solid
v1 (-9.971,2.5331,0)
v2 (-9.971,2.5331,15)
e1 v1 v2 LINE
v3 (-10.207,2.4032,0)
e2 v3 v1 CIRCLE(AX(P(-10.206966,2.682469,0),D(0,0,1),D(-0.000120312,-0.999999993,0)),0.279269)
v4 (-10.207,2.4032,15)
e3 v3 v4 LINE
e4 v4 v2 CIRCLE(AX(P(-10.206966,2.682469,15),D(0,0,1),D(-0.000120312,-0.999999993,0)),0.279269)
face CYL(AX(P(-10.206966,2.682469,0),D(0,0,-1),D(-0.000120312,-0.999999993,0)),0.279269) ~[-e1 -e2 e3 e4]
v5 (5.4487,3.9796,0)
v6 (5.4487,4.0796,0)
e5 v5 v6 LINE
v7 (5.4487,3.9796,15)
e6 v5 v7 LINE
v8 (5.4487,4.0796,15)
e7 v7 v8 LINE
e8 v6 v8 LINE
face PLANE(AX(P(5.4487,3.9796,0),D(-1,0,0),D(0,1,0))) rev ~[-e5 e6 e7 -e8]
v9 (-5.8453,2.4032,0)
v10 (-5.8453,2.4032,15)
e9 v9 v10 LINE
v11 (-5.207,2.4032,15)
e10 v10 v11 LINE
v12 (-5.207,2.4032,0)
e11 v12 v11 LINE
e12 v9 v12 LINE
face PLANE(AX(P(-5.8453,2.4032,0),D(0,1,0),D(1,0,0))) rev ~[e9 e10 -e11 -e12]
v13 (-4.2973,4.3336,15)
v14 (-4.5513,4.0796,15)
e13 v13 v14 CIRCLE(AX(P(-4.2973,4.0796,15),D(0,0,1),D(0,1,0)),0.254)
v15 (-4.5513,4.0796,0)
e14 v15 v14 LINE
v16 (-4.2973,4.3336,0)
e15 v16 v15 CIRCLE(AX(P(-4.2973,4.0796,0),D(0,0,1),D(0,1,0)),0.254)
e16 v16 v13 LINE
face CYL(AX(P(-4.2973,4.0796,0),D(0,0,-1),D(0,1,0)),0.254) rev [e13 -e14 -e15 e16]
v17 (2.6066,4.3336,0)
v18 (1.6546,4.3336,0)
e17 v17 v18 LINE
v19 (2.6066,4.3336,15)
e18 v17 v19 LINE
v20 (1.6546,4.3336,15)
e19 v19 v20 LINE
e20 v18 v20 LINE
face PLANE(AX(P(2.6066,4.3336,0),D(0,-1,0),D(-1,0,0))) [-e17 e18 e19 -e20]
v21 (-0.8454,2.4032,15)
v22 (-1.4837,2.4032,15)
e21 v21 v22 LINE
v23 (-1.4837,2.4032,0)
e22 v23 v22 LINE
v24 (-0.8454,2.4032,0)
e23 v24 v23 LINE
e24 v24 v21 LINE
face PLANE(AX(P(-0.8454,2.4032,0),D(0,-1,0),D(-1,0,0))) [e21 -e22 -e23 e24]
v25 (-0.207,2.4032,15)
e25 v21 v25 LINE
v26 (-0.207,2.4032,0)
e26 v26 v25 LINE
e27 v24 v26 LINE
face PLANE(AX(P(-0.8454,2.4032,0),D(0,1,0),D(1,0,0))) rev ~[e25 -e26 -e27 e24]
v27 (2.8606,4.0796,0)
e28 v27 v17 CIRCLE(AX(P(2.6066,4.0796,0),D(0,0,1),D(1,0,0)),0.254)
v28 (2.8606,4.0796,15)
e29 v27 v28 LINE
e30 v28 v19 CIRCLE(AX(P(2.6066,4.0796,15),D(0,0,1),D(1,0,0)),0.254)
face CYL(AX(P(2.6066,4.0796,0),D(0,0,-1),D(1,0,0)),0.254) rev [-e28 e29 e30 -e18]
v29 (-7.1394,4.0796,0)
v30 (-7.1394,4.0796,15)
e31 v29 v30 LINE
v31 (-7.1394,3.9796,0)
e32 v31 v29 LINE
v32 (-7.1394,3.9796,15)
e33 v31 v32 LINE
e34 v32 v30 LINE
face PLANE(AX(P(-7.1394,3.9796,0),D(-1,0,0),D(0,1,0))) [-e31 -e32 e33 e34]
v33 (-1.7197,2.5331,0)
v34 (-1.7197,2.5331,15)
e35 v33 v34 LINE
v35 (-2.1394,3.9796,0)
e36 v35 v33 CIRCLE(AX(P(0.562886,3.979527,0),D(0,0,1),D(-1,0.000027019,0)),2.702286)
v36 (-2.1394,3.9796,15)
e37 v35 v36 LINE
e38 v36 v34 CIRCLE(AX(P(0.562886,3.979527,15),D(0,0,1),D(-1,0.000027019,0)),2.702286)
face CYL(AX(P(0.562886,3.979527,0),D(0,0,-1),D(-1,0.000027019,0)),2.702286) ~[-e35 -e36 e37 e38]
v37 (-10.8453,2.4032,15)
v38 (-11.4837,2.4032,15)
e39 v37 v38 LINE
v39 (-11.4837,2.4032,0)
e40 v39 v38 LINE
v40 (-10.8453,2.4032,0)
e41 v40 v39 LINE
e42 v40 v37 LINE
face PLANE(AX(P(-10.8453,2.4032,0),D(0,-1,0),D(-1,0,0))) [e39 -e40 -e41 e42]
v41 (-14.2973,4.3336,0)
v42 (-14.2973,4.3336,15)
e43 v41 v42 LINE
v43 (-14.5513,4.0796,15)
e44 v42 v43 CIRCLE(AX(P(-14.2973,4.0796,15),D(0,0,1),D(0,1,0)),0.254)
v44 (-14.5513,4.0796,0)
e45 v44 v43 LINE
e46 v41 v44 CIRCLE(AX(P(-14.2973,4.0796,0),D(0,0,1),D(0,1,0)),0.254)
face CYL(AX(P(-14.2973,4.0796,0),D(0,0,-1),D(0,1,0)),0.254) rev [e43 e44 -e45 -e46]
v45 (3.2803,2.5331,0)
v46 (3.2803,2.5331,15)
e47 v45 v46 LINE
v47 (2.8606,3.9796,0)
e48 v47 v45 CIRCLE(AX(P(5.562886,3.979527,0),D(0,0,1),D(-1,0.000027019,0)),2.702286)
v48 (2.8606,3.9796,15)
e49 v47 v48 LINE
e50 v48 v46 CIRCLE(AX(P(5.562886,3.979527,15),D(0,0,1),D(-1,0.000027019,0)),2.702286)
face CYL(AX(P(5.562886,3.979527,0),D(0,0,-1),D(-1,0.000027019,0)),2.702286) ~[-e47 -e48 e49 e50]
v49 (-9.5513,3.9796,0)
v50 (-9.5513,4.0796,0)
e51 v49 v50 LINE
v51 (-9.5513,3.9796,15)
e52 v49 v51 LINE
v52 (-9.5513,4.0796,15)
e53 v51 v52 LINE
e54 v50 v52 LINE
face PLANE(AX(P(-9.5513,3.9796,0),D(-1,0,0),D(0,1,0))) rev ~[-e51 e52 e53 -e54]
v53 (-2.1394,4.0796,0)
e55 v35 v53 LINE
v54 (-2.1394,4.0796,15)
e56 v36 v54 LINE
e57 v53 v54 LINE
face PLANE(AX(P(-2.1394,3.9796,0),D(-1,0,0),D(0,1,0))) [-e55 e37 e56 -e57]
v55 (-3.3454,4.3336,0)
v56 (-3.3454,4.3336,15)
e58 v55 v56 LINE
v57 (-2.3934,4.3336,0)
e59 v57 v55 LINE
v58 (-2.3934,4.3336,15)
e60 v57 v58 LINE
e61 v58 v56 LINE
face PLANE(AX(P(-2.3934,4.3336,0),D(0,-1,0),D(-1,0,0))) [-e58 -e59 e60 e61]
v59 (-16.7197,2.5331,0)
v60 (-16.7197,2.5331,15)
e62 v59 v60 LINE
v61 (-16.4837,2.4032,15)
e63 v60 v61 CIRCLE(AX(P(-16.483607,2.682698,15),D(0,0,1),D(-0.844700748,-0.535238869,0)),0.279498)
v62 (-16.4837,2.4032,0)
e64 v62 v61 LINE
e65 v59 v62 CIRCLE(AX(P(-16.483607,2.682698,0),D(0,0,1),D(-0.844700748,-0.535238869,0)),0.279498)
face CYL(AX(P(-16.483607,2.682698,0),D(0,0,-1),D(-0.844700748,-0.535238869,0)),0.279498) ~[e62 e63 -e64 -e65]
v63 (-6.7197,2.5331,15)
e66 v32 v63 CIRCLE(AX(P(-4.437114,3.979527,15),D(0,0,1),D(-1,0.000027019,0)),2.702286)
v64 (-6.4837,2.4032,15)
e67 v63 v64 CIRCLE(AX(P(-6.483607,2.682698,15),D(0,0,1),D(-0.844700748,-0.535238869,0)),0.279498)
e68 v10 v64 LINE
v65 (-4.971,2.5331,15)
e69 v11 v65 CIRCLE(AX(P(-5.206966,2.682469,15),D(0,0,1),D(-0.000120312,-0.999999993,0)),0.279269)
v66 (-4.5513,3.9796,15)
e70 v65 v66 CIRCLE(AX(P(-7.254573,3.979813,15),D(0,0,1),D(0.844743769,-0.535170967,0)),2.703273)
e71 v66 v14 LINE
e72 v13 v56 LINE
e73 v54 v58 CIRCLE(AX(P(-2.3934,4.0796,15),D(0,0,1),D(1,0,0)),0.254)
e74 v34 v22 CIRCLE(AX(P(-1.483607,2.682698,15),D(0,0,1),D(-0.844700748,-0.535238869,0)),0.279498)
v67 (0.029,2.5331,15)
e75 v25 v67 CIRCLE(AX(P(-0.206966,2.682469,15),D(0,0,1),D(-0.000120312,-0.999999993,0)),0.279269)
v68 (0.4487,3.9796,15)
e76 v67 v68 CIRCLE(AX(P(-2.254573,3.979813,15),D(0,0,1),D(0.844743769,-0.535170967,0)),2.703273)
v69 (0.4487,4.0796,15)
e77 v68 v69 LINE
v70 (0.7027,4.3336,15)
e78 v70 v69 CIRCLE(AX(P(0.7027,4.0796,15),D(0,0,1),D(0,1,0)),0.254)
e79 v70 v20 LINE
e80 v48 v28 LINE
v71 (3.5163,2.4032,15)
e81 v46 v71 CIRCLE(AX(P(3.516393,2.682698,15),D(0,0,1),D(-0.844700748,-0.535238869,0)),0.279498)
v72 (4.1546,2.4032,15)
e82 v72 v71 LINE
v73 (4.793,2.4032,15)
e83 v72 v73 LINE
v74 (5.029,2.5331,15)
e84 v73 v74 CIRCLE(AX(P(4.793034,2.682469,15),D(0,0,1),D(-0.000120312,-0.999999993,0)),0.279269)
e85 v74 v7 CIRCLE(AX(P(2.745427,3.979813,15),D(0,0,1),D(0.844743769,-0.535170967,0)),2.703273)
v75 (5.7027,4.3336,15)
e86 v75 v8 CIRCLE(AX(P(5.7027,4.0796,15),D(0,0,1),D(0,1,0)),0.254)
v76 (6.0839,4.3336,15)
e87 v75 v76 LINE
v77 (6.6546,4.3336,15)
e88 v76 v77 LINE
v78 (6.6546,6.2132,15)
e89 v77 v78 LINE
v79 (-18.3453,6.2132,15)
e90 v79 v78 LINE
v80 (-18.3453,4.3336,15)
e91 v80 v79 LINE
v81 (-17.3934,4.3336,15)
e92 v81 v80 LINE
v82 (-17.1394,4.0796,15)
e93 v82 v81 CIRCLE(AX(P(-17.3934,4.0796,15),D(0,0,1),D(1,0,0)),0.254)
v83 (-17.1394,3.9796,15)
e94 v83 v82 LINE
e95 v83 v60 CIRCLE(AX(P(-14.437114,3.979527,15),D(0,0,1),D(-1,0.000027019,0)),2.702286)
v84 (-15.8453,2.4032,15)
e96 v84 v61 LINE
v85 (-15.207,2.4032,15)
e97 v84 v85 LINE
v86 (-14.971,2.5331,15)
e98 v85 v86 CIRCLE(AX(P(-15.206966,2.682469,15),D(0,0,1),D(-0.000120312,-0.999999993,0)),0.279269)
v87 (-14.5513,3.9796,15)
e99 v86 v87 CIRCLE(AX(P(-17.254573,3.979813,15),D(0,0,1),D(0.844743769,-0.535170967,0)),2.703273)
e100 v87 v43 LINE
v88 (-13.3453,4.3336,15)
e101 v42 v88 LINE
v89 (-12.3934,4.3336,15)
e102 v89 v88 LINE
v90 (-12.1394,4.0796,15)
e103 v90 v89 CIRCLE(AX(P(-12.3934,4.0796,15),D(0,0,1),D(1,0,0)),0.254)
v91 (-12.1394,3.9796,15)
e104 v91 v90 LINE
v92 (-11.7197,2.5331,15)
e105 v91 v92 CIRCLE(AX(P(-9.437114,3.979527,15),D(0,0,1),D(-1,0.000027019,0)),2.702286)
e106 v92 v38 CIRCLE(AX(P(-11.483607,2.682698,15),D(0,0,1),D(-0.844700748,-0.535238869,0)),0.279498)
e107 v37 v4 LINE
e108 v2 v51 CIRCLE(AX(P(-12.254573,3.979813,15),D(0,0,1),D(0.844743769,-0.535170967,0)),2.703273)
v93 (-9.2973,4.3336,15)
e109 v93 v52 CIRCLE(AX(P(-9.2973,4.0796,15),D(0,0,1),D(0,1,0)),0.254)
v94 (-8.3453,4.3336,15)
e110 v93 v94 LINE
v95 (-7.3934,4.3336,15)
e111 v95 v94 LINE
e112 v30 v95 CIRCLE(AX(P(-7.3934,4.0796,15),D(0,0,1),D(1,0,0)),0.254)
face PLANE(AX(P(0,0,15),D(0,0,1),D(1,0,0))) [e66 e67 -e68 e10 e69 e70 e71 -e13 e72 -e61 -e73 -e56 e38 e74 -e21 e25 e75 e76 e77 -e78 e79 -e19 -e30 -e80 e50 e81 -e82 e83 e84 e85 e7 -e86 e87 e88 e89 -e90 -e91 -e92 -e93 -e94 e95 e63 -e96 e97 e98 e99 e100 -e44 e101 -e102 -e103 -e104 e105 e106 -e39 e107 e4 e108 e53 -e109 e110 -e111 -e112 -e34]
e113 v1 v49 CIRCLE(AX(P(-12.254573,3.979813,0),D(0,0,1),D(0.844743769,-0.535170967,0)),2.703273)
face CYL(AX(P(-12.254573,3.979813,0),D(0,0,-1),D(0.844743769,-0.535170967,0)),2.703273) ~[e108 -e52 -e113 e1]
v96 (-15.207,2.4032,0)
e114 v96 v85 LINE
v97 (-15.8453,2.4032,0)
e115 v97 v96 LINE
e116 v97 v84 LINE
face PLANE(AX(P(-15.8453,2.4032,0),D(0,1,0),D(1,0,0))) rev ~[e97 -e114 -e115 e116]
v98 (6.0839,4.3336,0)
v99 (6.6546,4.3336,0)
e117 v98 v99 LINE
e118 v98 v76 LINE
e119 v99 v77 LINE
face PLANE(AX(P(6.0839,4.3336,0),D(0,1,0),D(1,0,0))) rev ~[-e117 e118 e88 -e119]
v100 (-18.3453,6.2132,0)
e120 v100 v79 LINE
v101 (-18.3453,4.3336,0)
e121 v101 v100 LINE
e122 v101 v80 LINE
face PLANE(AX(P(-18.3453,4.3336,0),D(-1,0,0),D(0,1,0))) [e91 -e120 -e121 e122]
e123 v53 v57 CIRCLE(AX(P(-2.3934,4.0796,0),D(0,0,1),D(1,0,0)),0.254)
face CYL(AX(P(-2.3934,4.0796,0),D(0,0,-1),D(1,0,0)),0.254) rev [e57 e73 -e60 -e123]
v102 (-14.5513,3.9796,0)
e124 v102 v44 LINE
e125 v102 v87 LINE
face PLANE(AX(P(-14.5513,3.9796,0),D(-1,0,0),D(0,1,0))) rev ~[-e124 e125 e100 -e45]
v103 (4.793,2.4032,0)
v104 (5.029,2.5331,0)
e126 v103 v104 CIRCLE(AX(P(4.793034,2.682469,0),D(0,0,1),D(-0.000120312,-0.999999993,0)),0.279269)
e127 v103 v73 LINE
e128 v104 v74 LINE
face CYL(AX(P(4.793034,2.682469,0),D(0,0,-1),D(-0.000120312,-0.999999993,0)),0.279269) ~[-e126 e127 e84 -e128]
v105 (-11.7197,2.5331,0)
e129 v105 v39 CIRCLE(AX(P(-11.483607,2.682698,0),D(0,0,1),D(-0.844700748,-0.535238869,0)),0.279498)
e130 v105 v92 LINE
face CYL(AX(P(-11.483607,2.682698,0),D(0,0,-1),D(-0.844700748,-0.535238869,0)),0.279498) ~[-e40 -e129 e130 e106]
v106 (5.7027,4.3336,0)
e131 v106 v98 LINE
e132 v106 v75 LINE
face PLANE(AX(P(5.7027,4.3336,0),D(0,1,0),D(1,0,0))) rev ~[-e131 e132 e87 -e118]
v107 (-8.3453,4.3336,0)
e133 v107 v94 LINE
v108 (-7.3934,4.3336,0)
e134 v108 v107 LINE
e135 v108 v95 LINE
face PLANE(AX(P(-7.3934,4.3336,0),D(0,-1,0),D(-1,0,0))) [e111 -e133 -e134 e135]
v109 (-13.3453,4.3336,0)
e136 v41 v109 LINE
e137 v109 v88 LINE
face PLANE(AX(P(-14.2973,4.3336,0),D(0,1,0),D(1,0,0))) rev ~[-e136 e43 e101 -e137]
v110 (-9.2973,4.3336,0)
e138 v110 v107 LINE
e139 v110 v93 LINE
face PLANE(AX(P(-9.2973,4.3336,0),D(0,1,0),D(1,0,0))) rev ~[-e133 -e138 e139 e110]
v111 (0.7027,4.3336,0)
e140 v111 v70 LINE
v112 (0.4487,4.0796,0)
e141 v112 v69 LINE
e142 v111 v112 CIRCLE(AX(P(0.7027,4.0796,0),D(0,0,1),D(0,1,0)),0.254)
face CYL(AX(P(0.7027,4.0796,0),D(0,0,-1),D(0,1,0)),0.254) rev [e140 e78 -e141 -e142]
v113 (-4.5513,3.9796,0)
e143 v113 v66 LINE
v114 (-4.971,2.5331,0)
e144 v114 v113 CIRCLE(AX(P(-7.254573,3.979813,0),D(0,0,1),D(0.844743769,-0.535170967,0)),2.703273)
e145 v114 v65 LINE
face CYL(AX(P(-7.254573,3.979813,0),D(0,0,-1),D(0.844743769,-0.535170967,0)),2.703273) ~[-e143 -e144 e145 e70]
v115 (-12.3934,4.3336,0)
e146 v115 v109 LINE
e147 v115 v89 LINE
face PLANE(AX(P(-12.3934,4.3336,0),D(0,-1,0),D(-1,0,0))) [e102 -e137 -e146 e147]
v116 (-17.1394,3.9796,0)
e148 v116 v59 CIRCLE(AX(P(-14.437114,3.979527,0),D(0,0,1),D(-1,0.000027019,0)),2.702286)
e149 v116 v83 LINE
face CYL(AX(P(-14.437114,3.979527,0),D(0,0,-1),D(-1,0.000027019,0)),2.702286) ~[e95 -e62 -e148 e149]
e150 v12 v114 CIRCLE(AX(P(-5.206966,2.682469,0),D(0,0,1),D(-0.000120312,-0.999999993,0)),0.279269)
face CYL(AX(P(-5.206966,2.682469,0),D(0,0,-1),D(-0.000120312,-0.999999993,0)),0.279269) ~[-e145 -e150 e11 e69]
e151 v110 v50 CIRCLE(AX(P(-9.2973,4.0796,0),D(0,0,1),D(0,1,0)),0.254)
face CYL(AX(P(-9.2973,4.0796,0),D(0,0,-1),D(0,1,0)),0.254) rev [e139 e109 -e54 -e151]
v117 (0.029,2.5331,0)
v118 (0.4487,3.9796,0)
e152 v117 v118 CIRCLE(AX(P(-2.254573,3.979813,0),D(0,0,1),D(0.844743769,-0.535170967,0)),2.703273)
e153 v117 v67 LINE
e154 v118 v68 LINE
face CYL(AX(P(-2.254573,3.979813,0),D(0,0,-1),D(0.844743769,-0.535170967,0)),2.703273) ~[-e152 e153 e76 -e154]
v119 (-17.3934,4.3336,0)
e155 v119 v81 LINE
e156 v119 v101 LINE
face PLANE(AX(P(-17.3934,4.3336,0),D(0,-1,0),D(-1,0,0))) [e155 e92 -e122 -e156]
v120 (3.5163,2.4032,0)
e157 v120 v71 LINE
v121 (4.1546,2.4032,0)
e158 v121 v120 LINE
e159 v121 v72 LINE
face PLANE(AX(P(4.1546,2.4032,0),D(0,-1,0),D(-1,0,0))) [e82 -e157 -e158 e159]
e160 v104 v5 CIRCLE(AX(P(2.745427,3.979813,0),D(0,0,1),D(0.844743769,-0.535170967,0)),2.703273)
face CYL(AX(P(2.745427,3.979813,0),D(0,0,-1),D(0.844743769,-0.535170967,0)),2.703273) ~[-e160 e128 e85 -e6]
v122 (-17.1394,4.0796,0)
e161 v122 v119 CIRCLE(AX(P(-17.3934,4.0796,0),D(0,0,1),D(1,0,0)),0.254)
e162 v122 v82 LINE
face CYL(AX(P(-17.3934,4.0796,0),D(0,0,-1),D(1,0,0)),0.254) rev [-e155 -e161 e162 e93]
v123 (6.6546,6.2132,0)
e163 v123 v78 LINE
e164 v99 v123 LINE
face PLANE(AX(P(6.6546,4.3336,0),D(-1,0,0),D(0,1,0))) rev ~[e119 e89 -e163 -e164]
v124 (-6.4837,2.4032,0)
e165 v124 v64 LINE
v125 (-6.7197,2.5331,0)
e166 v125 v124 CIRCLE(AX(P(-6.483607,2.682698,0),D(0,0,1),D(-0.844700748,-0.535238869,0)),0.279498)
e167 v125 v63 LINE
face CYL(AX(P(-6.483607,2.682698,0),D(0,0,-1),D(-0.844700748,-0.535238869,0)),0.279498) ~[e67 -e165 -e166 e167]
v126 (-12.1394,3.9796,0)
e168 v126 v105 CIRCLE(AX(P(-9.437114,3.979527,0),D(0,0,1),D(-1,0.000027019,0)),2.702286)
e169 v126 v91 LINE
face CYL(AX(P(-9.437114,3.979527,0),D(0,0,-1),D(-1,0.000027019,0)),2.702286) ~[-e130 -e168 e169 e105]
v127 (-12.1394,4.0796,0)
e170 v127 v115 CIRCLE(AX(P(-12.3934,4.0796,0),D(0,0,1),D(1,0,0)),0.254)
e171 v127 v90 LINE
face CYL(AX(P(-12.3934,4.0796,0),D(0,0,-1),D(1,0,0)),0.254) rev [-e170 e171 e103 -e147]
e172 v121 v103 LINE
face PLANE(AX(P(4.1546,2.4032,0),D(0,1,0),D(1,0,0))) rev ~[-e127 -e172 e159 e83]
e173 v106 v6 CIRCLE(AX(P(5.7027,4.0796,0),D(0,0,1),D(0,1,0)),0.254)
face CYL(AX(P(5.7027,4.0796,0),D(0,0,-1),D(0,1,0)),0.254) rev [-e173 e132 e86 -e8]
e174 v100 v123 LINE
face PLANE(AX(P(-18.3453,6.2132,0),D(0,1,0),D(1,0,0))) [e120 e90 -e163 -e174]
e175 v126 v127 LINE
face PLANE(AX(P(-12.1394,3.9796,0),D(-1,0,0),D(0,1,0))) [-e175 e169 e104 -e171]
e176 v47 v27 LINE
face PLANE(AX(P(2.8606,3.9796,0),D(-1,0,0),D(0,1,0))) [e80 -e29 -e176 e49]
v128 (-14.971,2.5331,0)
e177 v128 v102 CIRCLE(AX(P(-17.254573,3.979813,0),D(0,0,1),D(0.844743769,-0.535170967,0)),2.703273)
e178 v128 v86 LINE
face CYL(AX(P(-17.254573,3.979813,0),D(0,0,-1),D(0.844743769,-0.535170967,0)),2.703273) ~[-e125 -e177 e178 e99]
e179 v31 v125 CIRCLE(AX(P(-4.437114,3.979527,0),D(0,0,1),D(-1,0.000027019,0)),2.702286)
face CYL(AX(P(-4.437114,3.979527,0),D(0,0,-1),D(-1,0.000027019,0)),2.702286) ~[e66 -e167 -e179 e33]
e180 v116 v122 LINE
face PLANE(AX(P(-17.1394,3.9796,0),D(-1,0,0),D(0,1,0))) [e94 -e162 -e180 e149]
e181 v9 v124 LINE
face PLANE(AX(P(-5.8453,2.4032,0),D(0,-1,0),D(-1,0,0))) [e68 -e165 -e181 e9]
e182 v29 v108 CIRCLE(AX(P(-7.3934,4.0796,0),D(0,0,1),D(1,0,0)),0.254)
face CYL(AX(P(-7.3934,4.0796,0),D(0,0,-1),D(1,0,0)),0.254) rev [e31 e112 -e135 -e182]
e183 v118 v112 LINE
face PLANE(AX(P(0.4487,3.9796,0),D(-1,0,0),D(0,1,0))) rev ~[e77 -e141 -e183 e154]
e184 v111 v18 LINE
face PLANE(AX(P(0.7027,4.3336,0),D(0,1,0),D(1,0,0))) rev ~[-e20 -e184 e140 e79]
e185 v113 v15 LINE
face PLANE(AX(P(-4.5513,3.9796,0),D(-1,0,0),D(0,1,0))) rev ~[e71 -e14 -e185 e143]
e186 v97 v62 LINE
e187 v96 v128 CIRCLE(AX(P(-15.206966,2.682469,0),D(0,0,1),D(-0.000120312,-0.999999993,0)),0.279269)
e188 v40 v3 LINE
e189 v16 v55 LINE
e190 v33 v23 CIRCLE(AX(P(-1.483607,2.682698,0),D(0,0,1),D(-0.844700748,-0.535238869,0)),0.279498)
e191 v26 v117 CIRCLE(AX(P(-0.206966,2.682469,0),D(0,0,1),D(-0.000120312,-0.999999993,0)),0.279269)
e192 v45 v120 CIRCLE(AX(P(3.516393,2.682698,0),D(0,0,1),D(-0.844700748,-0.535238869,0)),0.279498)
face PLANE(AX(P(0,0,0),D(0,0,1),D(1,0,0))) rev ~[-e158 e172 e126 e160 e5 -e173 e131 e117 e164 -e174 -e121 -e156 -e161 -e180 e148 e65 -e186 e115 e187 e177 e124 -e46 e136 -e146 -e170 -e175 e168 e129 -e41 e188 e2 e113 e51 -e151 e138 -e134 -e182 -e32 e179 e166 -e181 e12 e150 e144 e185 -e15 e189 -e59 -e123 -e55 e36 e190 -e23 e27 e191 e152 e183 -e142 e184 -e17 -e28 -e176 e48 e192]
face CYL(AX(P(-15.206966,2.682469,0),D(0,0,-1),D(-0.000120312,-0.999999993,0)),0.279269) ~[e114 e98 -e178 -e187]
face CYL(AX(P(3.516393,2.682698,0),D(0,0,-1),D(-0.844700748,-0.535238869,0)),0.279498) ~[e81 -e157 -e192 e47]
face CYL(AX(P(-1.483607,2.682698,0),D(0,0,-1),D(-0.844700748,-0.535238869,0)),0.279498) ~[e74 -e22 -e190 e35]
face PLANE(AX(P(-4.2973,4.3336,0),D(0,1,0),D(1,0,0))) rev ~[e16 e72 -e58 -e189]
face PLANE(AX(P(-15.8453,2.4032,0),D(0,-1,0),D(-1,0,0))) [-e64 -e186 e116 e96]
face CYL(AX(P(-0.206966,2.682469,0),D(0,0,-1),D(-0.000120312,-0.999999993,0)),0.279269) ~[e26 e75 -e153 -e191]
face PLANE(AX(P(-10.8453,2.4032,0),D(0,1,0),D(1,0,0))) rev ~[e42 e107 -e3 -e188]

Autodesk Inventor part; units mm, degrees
ref_plane "YZ Plane" through (0, 0, 0) normal (1, 0, 0) x (0, 1, 0)
ref_plane "XZ Plane" through (0, 0, 0) normal (0, 1, 0) x (-1, 0, 0)
ref_plane "XY Plane" through (0, 0, 0) normal (0, 0, 1) x (1, 0, 0)
sketch "Sketch1" plane through (0, 0, 0) normal (0, 0, 1) x (1, 0, 0)
  line L0 (-14.2973, 4.3336) -> (-13.3453, 4.3336)
  line L1 (-18.3453, 6.2132) -> (6.6546, 6.2132)
  arc A0 (-14.971, 2.5331) -> (-14.5513, 3.9796) centre (-17.2541, 3.9796) ccw
  arc A1 (-17.1394, 3.9796) -> (-16.7197, 2.5331) centre (-14.4366, 3.9796) ccw
  arc A2 (-15.207, 2.4032) -> (-14.971, 2.5331) centre (-15.207, 2.6826) ccw
  arc A3 (-16.7197, 2.5331) -> (-16.4837, 2.4032) centre (-16.4837, 2.6826) ccw
  line L2 (-15.8453, 2.4032) -> (-15.207, 2.4032)
  line L3 (-15.8453, 2.4032) -> (-16.4837, 2.4032)
  arc A4 (-14.2973, 4.3336) -> (-14.5513, 4.0796) centre (-14.2973, 4.0796) ccw
  arc A5 (-17.1394, 4.0796) -> (-17.3934, 4.3336) centre (-17.3934, 4.0796) ccw
  line L4 (-18.3453, 4.3336) -> (-18.3453, 6.2132)
  line L5 (-14.5513, 3.9796) -> (-14.5513, 4.0796)
  line L6 (-17.3934, 4.3336) -> (-18.3453, 4.3336)
  line L7 (-17.1394, 3.9796) -> (-17.1394, 4.0796)
  arc A6 (5.029, 2.5331) -> (5.4487, 3.9796) centre (2.7459, 3.9796) ccw
  arc A7 (2.8606, 3.9796) -> (3.2803, 2.5331) centre (5.5634, 3.9796) ccw
  arc A8 (0.029, 2.5331) -> (0.4487, 3.9796) centre (-2.2541, 3.9796) ccw
  arc A9 (-2.1394, 3.9796) -> (-1.7197, 2.5331) centre (0.5634, 3.9796) ccw
  arc A10 (-4.971, 2.5331) -> (-4.5513, 3.9796) centre (-7.2541, 3.9796) ccw
  arc A11 (-7.1394, 3.9796) -> (-6.7197, 2.5331) centre (-4.4366, 3.9796) ccw
  arc A12 (-9.971, 2.5331) -> (-9.5513, 3.9796) centre (-12.2541, 3.9796) ccw
  arc A13 (-12.1394, 3.9796) -> (-11.7197, 2.5331) centre (-9.4366, 3.9796) ccw
  arc A14 (-10.207, 2.4032) -> (-9.971, 2.5331) centre (-10.207, 2.6826) ccw
  line L8 (-10.8453, 2.4032) -> (-10.207, 2.4032)
  arc A15 (-11.7197, 2.5331) -> (-11.4837, 2.4032) centre (-11.4837, 2.6826) ccw
  line L9 (-10.8453, 2.4032) -> (-11.4837, 2.4032)
  arc A16 (-5.207, 2.4032) -> (-4.971, 2.5331) centre (-5.207, 2.6826) ccw
  line L10 (-5.8453, 2.4032) -> (-5.207, 2.4032)
  arc A17 (-6.7197, 2.5331) -> (-6.4837, 2.4032) centre (-6.4837, 2.6826) ccw
  line L11 (-5.8453, 2.4032) -> (-6.4837, 2.4032)
  arc A18 (-0.207, 2.4032) -> (0.029, 2.5331) centre (-0.207, 2.6826) ccw
  line L12 (-0.8454, 2.4032) -> (-0.207, 2.4032)
  arc A19 (-1.7197, 2.5331) -> (-1.4837, 2.4032) centre (-1.4837, 2.6826) ccw
  line L13 (-0.8454, 2.4032) -> (-1.4837, 2.4032)
  arc A20 (4.793, 2.4032) -> (5.029, 2.5331) centre (4.793, 2.6826) ccw
  line L14 (4.1546, 2.4032) -> (4.793, 2.4032)
  arc A21 (3.2803, 2.5331) -> (3.5163, 2.4032) centre (3.5163, 2.6826) ccw
  line L15 (4.1546, 2.4032) -> (3.5163, 2.4032)
  line L16 (-2.3934, 4.3336) -> (-3.3454, 4.3336)
  line L17 (-9.2973, 4.3336) -> (-8.3453, 4.3336)
  line L18 (-9.5513, 3.9796) -> (-9.5513, 4.0796)
  arc A22 (-9.2973, 4.3336) -> (-9.5513, 4.0796) centre (-9.2973, 4.0796) ccw
  line L19 (-12.1394, 3.9796) -> (-12.1394, 4.0796)
  arc A23 (-12.1394, 4.0796) -> (-12.3934, 4.3336) centre (-12.3934, 4.0796) ccw
  line L20 (-12.3934, 4.3336) -> (-13.3453, 4.3336)
  line L21 (-4.5513, 3.9796) -> (-4.5513, 4.0796)
  arc A24 (-4.2973, 4.3336) -> (-4.5513, 4.0796) centre (-4.2973, 4.0796) ccw
  line L22 (-4.2973, 4.3336) -> (-3.3454, 4.3336)
  line L23 (-7.1394, 3.9796) -> (-7.1394, 4.0796)
  arc A25 (-7.1394, 4.0796) -> (-7.3934, 4.3336) centre (-7.3934, 4.0796) ccw
  line L24 (-7.3934, 4.3336) -> (-8.3453, 4.3336)
  line L25 (2.6066, 4.3336) -> (1.6546, 4.3336)
  line L26 (0.4487, 3.9796) -> (0.4487, 4.0796)
  arc A26 (0.7027, 4.3336) -> (0.4487, 4.0796) centre (0.7027, 4.0796) ccw
  line L27 (0.7027, 4.3336) -> (1.6546, 4.3336)
  line L28 (-2.1394, 3.9796) -> (-2.1394, 4.0796)
  arc A27 (-2.1394, 4.0796) -> (-2.3934, 4.3336) centre (-2.3934, 4.0796) ccw
  line L29 (5.4487, 3.9796) -> (5.4487, 4.0796)
  arc A28 (5.7027, 4.3336) -> (5.4487, 4.0796) centre (5.7027, 4.0796) ccw
  line L30 (5.7027, 4.3336) -> (6.6546, 4.3336)
  line L31 (2.8606, 3.9796) -> (2.8606, 4.0796)
  arc A29 (2.8606, 4.0796) -> (2.6066, 4.3336) centre (2.6066, 4.0796) ccw
  line L32 (6.6546, 4.3336) -> (6.6546, 6.2132)
  line L33 (6.0839, 4.3336) -> (6.6546, 4.3336)
  dimension "d2" = 5
  dimension "d3" = 3.81
  dimension "d4" = 1.9304
extrude "Extrusion1" add sketch "Sketch1" along normal blind 15
properties part number "5MR-535-15"
